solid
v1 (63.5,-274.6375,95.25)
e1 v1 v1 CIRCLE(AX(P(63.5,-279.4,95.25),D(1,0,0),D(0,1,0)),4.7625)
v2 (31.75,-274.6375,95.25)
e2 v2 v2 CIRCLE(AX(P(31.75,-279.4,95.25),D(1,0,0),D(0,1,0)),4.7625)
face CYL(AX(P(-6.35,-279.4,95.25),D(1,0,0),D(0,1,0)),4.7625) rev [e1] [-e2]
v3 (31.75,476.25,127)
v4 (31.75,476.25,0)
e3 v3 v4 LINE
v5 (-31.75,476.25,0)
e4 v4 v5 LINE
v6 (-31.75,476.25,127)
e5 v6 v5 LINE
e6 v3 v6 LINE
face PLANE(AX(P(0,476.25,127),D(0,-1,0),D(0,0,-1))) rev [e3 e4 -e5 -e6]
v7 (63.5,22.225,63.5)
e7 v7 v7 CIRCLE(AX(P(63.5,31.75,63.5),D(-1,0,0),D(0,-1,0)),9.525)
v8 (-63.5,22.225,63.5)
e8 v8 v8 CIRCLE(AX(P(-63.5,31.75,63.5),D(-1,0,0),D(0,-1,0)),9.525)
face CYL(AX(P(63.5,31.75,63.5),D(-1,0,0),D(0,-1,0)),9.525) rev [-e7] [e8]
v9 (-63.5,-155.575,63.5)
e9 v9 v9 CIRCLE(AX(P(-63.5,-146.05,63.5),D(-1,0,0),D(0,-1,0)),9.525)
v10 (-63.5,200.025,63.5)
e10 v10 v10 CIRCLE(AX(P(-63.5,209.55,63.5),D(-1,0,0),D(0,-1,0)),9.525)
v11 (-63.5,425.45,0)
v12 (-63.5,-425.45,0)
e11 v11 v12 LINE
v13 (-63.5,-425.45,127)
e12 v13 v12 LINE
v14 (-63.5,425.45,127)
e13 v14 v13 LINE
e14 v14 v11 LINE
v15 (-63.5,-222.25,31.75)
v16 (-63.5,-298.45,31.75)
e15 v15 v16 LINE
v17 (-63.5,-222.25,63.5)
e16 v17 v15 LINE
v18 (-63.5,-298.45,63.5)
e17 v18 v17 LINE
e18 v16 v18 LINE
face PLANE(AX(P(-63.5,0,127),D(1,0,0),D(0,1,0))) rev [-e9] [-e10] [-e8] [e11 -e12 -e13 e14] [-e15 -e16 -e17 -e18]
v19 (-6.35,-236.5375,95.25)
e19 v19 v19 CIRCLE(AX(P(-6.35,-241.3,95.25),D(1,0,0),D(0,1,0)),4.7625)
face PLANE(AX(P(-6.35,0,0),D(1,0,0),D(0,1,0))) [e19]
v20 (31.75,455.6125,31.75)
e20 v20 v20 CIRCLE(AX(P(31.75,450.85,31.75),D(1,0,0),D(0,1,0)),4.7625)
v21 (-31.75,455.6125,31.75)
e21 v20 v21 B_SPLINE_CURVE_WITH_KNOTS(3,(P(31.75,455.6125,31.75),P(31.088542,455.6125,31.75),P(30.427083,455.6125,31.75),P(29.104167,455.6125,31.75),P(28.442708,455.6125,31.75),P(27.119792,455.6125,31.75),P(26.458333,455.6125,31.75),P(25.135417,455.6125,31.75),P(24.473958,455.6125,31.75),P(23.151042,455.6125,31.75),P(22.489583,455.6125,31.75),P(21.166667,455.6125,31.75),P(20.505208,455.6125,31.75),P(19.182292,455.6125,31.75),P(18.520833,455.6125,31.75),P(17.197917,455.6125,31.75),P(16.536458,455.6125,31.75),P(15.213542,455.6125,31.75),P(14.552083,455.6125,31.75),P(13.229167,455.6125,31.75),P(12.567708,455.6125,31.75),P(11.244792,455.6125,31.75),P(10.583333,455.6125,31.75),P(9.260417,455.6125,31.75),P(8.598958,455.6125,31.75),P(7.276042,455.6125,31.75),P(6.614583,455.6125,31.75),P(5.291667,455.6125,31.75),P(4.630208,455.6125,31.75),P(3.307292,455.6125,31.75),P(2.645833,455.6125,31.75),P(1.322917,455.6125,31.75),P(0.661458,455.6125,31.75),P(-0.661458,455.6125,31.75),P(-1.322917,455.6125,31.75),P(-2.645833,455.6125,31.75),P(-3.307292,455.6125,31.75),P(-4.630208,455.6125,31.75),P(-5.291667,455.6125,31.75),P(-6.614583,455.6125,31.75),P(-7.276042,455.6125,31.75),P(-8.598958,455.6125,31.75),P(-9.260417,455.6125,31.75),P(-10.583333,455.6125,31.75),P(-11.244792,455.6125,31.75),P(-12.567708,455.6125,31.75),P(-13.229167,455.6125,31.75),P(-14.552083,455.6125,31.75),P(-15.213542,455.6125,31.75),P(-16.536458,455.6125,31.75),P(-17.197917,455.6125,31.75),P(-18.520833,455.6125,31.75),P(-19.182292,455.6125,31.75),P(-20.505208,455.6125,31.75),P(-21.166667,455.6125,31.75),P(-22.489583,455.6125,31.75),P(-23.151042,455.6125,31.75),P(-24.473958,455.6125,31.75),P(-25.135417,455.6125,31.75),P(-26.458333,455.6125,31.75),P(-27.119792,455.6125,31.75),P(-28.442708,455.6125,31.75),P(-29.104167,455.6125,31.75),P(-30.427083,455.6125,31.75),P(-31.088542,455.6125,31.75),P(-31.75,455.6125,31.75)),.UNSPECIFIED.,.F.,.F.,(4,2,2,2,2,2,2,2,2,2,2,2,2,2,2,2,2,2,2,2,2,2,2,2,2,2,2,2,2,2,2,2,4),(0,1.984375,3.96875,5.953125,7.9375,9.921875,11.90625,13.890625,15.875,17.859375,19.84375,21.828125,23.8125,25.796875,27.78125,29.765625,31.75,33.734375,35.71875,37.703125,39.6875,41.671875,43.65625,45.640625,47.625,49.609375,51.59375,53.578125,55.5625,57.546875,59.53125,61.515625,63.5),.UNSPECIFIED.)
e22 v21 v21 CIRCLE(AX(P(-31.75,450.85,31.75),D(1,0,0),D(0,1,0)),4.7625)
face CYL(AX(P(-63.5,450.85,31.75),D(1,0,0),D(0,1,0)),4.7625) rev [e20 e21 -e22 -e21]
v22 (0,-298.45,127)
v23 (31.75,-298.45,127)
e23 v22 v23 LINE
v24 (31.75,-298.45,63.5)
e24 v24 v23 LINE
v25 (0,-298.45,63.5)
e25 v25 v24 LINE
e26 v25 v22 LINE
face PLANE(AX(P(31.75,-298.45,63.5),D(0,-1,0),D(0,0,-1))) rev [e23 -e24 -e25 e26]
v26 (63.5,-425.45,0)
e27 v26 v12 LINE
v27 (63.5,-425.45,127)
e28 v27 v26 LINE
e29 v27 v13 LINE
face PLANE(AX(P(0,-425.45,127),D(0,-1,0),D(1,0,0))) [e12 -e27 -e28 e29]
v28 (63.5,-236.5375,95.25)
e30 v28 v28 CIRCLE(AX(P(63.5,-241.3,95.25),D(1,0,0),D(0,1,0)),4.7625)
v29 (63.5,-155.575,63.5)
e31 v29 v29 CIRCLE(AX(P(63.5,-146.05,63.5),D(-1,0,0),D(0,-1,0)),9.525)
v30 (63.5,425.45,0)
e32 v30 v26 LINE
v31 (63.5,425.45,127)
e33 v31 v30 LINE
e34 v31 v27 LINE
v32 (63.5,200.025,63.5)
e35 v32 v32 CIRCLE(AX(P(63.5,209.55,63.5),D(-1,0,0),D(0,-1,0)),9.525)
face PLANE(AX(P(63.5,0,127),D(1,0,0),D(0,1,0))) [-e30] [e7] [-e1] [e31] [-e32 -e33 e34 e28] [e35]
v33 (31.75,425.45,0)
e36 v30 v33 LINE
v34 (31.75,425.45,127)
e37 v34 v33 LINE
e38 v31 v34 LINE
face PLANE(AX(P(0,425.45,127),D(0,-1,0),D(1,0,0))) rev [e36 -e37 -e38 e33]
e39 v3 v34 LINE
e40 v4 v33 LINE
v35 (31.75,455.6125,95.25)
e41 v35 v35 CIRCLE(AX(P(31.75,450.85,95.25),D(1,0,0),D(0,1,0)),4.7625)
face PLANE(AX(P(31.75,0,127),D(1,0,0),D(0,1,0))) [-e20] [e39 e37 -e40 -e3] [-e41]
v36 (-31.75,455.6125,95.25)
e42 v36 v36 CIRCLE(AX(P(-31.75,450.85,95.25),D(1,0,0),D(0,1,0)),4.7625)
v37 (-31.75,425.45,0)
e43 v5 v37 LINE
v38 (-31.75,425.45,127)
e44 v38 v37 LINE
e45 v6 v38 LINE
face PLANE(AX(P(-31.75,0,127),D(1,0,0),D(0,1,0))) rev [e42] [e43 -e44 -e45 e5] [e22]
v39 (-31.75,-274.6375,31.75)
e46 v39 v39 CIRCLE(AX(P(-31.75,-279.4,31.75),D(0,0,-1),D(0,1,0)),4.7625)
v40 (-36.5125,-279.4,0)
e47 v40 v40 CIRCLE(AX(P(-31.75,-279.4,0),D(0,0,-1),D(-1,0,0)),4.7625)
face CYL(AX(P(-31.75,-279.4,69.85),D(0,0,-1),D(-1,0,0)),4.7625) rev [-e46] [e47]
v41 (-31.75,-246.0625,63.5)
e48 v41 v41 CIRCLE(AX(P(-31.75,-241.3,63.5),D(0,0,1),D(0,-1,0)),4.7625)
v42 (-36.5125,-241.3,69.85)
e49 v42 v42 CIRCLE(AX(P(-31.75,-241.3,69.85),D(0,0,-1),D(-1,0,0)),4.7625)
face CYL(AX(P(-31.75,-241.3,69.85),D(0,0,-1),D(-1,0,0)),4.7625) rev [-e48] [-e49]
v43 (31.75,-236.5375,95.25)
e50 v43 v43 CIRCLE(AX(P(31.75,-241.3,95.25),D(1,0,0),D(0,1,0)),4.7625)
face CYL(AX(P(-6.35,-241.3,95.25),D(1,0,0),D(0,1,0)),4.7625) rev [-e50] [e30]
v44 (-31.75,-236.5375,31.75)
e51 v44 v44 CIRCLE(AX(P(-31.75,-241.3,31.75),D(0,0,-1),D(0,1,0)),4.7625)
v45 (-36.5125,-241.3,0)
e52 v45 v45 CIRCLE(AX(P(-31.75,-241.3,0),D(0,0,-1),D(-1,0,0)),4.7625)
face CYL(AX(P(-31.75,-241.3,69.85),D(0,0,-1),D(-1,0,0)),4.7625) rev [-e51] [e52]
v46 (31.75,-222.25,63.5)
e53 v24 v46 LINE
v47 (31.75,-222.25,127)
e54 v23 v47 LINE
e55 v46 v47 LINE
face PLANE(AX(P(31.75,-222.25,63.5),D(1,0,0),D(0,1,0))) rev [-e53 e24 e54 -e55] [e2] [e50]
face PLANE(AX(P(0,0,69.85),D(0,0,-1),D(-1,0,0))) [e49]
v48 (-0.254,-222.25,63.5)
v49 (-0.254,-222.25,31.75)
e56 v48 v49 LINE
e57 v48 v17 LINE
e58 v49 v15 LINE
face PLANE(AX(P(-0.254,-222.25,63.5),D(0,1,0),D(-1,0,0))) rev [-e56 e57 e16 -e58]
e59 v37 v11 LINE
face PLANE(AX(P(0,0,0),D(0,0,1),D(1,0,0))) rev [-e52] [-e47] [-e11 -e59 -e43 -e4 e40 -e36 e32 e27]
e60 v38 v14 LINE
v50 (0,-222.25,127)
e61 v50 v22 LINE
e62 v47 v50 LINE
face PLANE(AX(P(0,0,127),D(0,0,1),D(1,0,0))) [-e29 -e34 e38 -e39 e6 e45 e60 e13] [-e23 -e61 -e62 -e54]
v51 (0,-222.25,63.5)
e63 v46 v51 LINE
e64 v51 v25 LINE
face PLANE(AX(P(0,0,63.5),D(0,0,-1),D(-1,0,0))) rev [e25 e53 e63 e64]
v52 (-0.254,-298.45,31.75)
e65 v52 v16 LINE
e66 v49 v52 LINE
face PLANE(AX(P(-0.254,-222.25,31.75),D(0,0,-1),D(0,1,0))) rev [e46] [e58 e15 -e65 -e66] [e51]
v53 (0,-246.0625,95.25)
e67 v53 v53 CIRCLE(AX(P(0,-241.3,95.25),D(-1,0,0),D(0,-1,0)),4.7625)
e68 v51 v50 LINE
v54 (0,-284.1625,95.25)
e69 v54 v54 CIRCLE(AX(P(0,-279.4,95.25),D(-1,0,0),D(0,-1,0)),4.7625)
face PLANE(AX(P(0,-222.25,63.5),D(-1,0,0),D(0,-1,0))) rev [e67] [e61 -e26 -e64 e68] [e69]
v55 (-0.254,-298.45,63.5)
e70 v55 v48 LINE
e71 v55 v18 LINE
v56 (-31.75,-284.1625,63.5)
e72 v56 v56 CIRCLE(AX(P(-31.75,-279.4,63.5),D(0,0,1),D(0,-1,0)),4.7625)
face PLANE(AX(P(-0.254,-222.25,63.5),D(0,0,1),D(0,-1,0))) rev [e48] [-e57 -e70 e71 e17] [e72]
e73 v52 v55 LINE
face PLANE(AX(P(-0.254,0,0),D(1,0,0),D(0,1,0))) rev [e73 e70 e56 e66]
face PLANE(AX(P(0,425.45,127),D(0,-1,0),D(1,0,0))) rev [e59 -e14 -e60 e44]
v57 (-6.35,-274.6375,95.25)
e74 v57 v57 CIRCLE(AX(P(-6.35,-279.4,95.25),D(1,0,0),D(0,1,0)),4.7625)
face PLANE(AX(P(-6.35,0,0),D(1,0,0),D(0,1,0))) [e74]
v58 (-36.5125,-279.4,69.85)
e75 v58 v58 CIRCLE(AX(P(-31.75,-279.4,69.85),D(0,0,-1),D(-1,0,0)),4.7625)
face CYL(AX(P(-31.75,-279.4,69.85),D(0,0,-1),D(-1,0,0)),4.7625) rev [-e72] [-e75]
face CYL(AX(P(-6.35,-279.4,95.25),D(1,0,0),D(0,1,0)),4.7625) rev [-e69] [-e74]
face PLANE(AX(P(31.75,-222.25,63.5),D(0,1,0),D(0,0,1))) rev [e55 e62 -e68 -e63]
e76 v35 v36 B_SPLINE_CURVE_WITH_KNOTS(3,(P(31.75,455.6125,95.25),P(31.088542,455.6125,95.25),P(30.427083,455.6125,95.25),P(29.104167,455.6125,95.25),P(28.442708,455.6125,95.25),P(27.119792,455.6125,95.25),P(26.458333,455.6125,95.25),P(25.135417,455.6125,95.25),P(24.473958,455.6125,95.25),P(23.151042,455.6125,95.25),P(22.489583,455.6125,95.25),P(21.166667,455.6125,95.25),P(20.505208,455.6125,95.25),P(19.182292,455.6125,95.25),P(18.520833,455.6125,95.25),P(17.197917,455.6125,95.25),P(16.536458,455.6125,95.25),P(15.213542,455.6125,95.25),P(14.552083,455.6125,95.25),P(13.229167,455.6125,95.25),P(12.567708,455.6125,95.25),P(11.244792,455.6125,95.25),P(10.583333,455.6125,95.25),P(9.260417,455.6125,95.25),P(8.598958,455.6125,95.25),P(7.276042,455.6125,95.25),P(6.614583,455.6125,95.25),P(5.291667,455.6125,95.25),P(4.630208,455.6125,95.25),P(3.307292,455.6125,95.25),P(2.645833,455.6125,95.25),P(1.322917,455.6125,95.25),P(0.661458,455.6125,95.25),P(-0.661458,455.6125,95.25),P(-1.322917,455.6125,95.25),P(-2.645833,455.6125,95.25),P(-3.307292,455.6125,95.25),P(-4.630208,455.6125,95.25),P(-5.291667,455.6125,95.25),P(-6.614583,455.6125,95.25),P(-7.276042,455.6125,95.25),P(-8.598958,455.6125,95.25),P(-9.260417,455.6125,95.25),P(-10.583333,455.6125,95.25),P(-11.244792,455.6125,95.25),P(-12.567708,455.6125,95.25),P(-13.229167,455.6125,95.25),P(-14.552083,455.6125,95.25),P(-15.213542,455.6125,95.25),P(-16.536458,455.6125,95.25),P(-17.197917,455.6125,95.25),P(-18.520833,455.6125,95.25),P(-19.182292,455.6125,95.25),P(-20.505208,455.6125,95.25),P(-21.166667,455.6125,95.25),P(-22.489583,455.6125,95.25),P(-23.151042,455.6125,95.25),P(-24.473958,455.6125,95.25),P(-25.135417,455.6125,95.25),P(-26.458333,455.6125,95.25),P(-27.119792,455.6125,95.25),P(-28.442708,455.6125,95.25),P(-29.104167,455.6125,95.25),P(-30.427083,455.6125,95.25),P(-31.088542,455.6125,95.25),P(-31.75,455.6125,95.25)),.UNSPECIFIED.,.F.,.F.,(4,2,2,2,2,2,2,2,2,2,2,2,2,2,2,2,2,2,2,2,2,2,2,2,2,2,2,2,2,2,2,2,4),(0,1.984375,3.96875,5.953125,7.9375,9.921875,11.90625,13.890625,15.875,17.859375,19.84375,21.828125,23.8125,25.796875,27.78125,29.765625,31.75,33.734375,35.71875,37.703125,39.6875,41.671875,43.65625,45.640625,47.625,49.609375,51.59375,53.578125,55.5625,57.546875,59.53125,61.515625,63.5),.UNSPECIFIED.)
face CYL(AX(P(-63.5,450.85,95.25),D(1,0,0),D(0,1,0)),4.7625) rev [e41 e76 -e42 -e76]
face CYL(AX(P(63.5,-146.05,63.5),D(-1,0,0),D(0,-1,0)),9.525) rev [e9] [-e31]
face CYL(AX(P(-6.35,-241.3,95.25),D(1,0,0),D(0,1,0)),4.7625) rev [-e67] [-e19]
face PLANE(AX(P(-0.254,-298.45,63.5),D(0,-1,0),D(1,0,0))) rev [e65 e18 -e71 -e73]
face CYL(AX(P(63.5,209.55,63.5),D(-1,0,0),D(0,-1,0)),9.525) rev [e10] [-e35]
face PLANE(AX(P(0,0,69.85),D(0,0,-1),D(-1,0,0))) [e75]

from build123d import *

# Parameters (mm, degrees)
SKETCH1_W           = 63.5
SKETCH1_H           = 50.8
BOSS_EXTRUDE1_DEPTH = 127
SKETCH2_W           = 31.75
SKETCH2_H           = 76.2
CUT_EXTRUDE1_DEPTH  = 63.5
SKETCH3_W           = 31.75
SKETCH3_H           = 76.2
CUT_EXTRUDE3_DEPTH  = 63.246
SKETCH4_R           = 9.525
CUT_EXTRUDE4_DEPTH  = 509.991220455
CUT_EXTRUDE5_DEPTH  = 69.85
CUT_EXTRUDE6_DEPTH  = 69.85
SKETCH7_R           = 4.7625
CUT_EXTRUDE7_DEPTH  = 503.011578552


with BuildPart() as part:
    # Sketch1 → Boss-Extrude1 (new body)
    with BuildSketch(Plane.XY):
        Polygon((63.5, -425.45), (63.5, 425.45), (31.75, 425.45), (31.75, 374.65), (-31.75, 374.65), (-31.75, 425.45), (-63.5, 425.45), (-63.5, -425.45), align=None)
        with Locations((0, 400.05)):
            Rectangle(SKETCH1_W, SKETCH1_H)
        with Locations((0, 450.85)):
            Rectangle(SKETCH1_W, SKETCH1_H)
    extrude(amount=BOSS_EXTRUDE1_DEPTH)

    # Sketch2 → Cut-Extrude1 (cut)
    with BuildSketch(Plane.XY.offset(127)):
        with Locations((15.875, -260.35)):
            Rectangle(SKETCH2_W, SKETCH2_H)
    extrude(amount=-CUT_EXTRUDE1_DEPTH, mode=Mode.SUBTRACT)

    # Sketch3 → Cut-Extrude3 (cut)
    with BuildSketch(Plane.ZY.offset(63.5)):
        with Locations((47.625, -260.35)):
            Rectangle(SKETCH3_W, SKETCH3_H)
    extrude(amount=-CUT_EXTRUDE3_DEPTH, mode=Mode.SUBTRACT)

    # Sketch4 → Cut-Extrude4 (cut, through all)
    with BuildSketch(Plane.ZY.offset(63.5)):
        with Locations(Location((63.5, -146.05, 0), (0, 0, 270))):
            Circle(SKETCH4_R)
        with Locations(Location((63.5, 31.75, 0), (0, 0, 270))):
            Circle(SKETCH4_R)
        with Locations(Location((63.5, 209.55, 0), (0, 0, 270))):
            Circle(SKETCH4_R)
    extrude(amount=-CUT_EXTRUDE4_DEPTH, mode=Mode.SUBTRACT)

    # Sketch5 → Cut-Extrude5 (cut)
    with BuildSketch(Plane(origin=(0, 0, 0), x_dir=(-1, 0, 0), z_dir=(0, 0, -1))):
        with BuildLine():
            ThreePointArc((36.5125, -279.4), (35.117596045, -276.032403955), (31.75, -274.6375))
            Line((31.75, -274.6375), (31.75, -284.1625))
            ThreePointArc((31.75, -284.1625), (35.117596045, -282.767596045), (36.5125, -279.4))
        make_face()
        with BuildLine():
            Line((31.75, -284.1625), (31.75, -274.6375))
            ThreePointArc((31.75, -274.6375), (26.9875, -279.4), (31.75, -284.1625))
        make_face()
        with BuildLine():
            ThreePointArc((36.5125, -241.3), (35.117596045, -237.932403955), (31.75, -236.5375))
            Line((31.75, -236.5375), (31.75, -246.0625))
            ThreePointArc((31.75, -246.0625), (35.117596045, -244.667596045), (36.5125, -241.3))
        make_face()
        with BuildLine():
            Line((31.75, -246.0625), (31.75, -236.5375))
            ThreePointArc((31.75, -236.5375), (26.9875, -241.3), (31.75, -246.0625))
        make_face()
    extrude(amount=-CUT_EXTRUDE5_DEPTH, mode=Mode.SUBTRACT)

    # Sketch6 → Cut-Extrude6 (cut)
    with BuildSketch(Plane(origin=(63.5, 0, 0), x_dir=(0, 0, -1), z_dir=(1, 0, 0))):
        with BuildLine():
            ThreePointArc((-90.4875, -241.3), (-91.882403955, -237.932403955), (-95.25, -236.5375))
            Line((-95.25, -236.5375), (-95.25, -246.0625))
            ThreePointArc((-95.25, -246.0625), (-91.882403955, -244.667596045), (-90.4875, -241.3))
        make_face()
        with BuildLine():
            Line((-95.25, -246.0625), (-95.25, -236.5375))
            ThreePointArc((-95.25, -236.5375), (-100.0125, -241.3), (-95.25, -246.0625))
        make_face()
        with BuildLine():
            ThreePointArc((-90.4875, -279.4), (-91.882403955, -276.032403955), (-95.25, -274.6375))
            Line((-95.25, -274.6375), (-95.25, -284.1625))
            ThreePointArc((-95.25, -284.1625), (-91.882403955, -282.767596045), (-90.4875, -279.4))
        make_face()
        with BuildLine():
            Line((-95.25, -284.1625), (-95.25, -274.6375))
            ThreePointArc((-95.25, -274.6375), (-100.0125, -279.4), (-95.25, -284.1625))
        make_face()
    extrude(amount=-CUT_EXTRUDE6_DEPTH, mode=Mode.SUBTRACT)

    # Sketch7 → Cut-Extrude7 (cut, through all)
    with BuildSketch(Plane(origin=(31.75, 0, 0), x_dir=(0, 0, -1), z_dir=(1, 0, 0))):
        with Locations(Location((-95.25, 450.85, 0), (0, 0, 90))):
            Circle(SKETCH7_R)
        with Locations(Location((-31.75, 450.85, 0), (0, 0, 90))):
            Circle(SKETCH7_R)
    extrude(amount=-CUT_EXTRUDE7_DEPTH, mode=Mode.SUBTRACT)


solid = part.part
